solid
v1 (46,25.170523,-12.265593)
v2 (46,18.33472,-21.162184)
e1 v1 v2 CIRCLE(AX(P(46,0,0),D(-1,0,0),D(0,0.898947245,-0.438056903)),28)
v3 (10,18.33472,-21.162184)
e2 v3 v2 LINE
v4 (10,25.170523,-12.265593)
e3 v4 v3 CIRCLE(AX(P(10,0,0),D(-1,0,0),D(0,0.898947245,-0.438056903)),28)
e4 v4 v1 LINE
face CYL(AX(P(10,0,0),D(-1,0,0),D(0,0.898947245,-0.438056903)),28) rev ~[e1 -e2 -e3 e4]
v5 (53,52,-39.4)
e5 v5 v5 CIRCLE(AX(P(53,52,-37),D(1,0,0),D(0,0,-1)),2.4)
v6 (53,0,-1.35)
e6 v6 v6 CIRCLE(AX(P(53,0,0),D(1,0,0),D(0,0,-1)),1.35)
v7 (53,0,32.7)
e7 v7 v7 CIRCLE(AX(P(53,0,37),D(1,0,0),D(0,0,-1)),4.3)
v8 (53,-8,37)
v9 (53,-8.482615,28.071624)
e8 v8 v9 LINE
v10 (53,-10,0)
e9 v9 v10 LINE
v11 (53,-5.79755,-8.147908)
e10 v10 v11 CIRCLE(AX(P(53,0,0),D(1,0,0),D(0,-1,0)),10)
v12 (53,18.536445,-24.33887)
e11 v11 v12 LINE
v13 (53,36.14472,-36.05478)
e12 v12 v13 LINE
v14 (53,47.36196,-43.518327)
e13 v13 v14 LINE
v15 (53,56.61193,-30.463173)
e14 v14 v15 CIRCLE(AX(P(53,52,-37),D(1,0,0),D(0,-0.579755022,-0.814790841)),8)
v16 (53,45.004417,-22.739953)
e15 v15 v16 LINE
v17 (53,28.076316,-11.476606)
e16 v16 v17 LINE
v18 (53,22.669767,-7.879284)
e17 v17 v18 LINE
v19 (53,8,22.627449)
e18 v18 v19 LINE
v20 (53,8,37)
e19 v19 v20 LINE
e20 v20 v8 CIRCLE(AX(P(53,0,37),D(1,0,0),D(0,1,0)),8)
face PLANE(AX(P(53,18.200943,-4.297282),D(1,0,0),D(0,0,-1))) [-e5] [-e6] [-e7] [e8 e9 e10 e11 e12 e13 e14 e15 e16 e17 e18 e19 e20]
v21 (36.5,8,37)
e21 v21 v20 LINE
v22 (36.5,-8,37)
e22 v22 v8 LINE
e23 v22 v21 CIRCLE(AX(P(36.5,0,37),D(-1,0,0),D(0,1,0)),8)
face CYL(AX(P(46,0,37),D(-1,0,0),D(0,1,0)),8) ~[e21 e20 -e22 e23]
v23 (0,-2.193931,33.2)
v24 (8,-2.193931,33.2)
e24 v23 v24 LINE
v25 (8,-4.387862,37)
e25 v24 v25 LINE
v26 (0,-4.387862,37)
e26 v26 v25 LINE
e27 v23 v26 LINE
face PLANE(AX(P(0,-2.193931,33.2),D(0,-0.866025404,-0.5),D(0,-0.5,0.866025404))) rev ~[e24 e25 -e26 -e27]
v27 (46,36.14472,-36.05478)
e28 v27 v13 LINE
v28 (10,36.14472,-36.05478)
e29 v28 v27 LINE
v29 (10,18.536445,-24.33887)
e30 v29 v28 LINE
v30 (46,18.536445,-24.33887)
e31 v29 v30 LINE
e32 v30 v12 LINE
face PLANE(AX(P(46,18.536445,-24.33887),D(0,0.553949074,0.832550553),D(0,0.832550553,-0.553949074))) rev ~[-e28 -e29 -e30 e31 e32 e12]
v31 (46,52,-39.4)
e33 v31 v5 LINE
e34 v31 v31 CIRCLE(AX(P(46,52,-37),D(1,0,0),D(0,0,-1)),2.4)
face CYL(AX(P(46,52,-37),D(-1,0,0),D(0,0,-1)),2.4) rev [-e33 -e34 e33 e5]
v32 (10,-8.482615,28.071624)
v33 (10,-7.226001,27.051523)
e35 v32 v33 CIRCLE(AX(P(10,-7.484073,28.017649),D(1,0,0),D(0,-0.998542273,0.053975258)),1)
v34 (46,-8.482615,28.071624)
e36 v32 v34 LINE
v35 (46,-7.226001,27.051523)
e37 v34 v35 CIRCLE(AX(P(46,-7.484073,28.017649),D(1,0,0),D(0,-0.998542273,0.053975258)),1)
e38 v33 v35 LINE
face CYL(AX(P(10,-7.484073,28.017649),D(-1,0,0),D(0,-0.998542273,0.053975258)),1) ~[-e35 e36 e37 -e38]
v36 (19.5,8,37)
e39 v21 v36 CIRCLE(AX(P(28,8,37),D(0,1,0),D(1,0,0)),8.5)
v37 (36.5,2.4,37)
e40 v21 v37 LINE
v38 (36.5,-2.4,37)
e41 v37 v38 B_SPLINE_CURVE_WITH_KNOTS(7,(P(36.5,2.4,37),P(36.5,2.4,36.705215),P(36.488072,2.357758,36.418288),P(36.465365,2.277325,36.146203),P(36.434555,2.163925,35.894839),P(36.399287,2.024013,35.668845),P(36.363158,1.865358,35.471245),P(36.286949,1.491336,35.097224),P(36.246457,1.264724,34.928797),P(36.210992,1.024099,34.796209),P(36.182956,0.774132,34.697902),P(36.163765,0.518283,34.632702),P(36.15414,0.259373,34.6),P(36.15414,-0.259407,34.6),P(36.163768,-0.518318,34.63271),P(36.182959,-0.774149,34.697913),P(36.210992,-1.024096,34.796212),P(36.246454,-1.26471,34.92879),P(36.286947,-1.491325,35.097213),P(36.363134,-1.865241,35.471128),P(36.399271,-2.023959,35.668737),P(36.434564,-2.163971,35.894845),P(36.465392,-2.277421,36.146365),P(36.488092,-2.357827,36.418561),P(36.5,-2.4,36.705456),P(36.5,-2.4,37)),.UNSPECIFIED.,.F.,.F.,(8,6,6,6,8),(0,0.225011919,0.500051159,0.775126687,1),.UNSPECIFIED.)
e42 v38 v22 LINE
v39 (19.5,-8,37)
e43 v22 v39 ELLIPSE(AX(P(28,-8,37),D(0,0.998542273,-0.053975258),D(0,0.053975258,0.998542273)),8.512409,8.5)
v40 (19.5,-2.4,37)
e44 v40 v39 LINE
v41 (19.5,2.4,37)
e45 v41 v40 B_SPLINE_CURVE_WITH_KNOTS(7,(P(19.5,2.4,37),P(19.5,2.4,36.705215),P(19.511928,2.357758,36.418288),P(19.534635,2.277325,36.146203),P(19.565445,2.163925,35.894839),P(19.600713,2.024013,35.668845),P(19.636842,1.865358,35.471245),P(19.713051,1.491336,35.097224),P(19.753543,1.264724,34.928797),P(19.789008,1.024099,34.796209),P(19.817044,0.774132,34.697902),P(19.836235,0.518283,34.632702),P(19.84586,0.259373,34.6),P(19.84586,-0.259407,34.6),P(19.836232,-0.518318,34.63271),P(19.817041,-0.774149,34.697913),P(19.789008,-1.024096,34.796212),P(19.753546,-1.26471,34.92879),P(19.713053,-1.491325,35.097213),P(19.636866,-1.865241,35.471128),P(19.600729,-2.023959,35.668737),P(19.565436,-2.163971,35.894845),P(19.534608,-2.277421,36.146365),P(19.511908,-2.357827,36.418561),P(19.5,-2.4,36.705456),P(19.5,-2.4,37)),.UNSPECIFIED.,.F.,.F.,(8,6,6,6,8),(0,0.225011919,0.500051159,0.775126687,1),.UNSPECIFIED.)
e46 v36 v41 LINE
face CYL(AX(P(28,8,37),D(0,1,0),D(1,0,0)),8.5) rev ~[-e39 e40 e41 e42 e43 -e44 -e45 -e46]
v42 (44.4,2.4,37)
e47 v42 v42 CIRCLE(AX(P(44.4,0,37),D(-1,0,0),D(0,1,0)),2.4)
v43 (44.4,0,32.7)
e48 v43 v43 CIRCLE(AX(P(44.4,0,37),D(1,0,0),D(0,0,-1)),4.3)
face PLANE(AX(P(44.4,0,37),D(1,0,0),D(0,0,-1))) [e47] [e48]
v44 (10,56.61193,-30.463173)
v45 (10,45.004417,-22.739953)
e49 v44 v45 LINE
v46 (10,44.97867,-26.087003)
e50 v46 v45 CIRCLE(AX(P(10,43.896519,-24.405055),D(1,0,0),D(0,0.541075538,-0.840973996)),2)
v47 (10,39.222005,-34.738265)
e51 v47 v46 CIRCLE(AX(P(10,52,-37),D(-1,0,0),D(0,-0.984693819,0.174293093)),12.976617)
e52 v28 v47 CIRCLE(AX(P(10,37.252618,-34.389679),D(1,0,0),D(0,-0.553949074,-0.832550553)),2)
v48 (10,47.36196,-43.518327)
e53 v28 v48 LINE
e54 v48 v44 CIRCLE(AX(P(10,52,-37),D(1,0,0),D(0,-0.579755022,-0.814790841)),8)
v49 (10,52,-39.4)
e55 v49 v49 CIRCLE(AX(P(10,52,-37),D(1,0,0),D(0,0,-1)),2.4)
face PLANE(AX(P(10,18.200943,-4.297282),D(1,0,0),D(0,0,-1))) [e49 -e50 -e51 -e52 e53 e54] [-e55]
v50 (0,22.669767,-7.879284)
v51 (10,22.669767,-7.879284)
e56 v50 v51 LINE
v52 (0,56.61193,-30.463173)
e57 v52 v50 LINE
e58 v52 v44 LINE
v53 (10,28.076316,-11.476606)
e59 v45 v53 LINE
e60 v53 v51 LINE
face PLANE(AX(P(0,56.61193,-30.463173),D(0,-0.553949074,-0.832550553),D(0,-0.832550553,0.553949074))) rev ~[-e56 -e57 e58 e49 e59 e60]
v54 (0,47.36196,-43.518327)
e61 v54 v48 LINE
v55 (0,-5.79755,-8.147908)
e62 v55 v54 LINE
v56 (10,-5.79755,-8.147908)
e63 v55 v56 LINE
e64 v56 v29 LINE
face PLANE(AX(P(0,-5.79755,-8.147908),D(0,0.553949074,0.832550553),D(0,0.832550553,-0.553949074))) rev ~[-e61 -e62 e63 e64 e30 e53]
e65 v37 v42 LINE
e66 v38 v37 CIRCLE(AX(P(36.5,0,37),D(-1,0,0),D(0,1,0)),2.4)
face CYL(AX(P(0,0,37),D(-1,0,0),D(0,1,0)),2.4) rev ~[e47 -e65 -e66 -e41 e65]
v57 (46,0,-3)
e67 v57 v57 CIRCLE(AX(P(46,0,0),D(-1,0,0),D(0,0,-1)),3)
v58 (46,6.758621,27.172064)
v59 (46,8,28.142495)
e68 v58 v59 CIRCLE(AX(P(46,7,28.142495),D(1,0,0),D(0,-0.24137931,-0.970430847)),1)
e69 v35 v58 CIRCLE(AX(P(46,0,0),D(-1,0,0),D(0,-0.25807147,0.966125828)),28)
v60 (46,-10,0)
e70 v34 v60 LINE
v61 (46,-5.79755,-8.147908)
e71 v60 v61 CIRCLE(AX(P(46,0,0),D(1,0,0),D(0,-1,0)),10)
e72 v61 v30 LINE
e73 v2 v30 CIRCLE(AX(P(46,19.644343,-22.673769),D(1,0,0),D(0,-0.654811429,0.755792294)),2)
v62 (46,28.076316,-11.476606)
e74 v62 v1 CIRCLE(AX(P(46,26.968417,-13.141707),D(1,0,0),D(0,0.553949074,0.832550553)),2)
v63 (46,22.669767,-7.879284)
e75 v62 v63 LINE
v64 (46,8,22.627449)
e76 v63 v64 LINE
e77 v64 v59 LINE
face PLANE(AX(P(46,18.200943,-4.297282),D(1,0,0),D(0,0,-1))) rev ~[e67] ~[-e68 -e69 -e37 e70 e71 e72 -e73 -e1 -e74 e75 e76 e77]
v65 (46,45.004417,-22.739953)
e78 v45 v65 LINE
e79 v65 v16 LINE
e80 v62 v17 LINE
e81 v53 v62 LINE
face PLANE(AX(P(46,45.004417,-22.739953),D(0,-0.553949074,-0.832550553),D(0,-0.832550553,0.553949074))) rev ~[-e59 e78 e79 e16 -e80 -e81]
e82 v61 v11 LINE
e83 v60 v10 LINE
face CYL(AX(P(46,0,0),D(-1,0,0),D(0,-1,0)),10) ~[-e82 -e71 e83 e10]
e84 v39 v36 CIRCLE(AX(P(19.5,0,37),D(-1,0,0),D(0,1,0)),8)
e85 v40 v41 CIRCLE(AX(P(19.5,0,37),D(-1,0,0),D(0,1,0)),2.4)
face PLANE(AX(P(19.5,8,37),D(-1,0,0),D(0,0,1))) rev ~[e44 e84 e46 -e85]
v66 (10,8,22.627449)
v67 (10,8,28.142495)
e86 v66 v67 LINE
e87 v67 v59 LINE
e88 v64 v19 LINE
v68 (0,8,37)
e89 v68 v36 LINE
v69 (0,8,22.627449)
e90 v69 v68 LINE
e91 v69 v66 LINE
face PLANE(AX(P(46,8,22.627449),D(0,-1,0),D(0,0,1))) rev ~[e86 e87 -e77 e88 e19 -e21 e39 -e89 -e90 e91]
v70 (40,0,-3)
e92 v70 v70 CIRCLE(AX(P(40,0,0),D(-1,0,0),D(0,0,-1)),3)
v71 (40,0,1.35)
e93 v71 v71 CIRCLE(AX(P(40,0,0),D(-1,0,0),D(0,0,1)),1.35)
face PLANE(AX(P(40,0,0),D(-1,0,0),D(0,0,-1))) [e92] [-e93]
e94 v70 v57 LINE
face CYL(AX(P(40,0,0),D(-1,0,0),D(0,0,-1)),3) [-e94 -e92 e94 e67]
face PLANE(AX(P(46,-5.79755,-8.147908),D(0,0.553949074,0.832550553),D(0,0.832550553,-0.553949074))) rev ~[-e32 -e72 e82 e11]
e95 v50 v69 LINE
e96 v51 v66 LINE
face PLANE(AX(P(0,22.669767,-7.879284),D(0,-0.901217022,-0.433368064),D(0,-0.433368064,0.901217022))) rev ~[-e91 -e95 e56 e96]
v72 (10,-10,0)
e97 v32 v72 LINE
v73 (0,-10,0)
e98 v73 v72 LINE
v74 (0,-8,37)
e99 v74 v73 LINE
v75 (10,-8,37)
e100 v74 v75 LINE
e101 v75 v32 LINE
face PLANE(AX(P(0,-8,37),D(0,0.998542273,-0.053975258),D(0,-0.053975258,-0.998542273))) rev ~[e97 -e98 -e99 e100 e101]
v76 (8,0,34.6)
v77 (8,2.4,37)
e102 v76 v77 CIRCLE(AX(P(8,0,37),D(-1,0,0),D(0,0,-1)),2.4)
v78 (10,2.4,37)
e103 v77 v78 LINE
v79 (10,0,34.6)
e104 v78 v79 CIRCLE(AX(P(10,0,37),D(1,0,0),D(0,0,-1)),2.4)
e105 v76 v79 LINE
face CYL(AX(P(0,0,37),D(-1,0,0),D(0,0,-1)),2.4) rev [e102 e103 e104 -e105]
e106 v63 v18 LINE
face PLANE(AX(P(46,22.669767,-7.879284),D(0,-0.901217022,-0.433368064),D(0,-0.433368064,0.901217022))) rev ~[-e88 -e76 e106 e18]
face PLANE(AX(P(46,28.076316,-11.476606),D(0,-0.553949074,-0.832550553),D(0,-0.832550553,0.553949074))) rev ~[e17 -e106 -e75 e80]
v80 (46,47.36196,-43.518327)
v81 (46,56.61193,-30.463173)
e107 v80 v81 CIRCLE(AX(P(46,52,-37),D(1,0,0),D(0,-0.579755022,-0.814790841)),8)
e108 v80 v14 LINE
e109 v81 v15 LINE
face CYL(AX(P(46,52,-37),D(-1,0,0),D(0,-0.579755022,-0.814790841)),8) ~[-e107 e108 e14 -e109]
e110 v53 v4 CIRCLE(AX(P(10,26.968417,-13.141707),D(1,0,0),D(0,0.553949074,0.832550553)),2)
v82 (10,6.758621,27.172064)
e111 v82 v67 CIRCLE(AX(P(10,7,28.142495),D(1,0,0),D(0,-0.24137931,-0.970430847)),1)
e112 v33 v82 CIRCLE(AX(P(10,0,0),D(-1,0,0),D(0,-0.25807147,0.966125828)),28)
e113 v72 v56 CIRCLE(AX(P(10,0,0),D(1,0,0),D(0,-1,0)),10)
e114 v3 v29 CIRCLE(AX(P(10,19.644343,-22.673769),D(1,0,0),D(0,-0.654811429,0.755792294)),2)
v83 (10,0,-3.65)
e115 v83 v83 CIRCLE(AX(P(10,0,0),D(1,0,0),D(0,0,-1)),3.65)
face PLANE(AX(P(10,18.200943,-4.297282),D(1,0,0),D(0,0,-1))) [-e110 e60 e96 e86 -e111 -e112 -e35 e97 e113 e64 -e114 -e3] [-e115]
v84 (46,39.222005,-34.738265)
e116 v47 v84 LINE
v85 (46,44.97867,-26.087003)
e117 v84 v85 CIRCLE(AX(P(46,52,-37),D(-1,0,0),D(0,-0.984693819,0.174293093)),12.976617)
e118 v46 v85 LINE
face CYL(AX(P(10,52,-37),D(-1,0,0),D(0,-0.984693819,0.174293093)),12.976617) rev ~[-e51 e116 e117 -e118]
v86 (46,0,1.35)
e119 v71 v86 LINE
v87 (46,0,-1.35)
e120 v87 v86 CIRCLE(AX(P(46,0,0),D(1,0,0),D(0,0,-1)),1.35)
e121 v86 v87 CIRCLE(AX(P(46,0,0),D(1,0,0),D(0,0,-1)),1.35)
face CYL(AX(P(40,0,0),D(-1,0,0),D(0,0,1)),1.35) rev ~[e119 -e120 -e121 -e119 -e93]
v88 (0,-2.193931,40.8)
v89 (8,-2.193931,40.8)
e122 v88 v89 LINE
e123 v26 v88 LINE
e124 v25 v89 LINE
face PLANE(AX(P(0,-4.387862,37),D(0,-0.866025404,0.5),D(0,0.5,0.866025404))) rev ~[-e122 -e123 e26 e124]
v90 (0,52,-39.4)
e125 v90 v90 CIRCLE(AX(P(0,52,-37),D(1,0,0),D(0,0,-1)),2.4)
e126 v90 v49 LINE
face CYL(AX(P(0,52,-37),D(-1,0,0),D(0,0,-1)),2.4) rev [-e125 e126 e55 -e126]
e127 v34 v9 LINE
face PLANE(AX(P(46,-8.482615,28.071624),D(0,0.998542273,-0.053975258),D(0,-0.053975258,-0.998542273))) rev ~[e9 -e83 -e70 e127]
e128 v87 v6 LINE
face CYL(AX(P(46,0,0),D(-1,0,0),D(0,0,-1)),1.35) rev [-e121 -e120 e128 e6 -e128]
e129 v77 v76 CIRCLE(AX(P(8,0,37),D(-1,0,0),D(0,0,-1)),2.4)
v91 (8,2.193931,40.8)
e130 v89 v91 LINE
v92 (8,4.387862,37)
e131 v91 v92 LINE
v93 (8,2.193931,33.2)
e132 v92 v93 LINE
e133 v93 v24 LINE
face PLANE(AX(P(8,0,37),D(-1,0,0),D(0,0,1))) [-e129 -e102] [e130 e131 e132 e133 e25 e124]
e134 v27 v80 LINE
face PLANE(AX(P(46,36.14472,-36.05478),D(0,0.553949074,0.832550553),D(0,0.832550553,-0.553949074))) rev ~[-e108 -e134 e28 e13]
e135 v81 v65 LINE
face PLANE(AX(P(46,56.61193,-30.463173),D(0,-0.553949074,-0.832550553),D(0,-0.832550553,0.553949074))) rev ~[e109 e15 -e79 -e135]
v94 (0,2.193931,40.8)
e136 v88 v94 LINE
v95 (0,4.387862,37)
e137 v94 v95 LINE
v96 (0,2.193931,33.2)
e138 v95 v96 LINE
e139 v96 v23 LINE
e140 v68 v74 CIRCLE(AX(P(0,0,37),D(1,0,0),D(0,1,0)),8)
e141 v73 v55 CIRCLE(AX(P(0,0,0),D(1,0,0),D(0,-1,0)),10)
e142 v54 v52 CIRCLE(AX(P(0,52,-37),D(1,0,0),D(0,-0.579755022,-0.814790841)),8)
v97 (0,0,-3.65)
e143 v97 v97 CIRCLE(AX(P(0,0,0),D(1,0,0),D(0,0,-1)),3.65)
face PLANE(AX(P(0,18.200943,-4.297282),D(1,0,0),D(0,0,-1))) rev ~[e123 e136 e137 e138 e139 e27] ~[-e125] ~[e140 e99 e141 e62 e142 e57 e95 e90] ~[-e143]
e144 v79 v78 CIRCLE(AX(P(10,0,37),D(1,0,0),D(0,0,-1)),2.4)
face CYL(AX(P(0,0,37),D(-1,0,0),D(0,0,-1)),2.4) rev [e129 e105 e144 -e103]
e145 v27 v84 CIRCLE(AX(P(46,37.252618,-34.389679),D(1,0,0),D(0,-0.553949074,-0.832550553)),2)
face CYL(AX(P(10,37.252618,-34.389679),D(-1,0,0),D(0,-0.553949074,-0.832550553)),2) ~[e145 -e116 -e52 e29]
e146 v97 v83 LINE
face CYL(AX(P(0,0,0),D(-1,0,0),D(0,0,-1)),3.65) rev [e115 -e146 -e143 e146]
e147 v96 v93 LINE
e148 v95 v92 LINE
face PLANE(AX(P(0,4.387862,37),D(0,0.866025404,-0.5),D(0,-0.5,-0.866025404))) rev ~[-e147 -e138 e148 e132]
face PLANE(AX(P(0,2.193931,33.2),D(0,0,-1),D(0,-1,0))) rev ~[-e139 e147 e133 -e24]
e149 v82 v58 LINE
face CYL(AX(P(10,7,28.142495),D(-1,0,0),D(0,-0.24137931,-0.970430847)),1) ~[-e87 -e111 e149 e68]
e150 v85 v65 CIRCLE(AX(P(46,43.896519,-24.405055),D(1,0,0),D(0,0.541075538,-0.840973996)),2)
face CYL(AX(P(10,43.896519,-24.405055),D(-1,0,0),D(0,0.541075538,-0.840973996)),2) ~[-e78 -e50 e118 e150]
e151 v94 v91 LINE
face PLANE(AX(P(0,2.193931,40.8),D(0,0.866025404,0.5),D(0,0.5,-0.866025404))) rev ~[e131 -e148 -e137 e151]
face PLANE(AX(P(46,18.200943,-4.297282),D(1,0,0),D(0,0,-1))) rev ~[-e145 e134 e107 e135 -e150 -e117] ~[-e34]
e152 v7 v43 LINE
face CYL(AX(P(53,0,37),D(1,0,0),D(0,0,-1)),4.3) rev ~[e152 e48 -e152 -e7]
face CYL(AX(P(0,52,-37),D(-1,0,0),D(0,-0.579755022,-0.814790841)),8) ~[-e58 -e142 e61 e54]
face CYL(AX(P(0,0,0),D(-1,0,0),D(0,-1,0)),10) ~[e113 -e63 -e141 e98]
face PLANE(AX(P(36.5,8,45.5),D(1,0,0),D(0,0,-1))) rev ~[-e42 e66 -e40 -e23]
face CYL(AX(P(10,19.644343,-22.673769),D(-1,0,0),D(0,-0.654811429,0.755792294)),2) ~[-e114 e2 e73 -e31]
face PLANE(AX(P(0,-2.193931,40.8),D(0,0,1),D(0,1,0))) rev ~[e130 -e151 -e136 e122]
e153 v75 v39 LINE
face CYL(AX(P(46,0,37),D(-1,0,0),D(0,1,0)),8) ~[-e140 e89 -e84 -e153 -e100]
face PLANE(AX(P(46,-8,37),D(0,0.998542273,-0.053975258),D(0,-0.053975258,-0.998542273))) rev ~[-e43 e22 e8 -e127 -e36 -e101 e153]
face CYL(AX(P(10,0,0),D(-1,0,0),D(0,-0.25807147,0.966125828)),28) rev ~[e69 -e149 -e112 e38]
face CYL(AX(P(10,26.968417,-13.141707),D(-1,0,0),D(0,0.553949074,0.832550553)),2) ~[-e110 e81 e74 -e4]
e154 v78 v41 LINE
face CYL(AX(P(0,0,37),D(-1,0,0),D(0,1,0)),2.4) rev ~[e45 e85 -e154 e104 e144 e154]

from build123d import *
from build123d.topology import SkipClean

# Parameters (mm, degrees)
SKETCH19_R           = 2.4
SKETCH19_R_2         = 3.65
BASE_DEPTH           = 10
CONNECTOR_DEPTH      = 36
SKETCH21_R           = 2.4
SKETCH21_R_2         = 1.35
THINPLATE_DEPTH      = 7
SPACER_START         = 6
SKETCH22_R           = 3
SKETCH22_R_2         = 1.35
SPACER_DEPTH         = 6
SHOCKHOLE_DEPTH      = 87.821656285
SKETCH25_R           = 2.4
SHOCKSCREWHOLE_DEPTH = 92.836811791
SKETCH26_R           = 4.3
BOLTMOUNT_DEPTH      = 8.6
NUTMOUNT_DEPTH       = 8


with BuildPart() as part:
    # Sketch19 → Base (new body)
    with BuildSketch(Plane(origin=(0, 0, 0), x_dir=(0, 0, -1), z_dir=(1, 0, 0))):
        with BuildLine():
            Line((-37, -8), (0, -10))
            ThreePointArc((0, -10), (4.583911967, -8.887505335), (8.147908412, -5.797550216))
            Line((8.147908412, -5.797550216), (43.51832673, 47.361959827))
            ThreePointArc((43.51832673, 47.361959827), (41.624994171, 58.527589824), (30.463173191, 56.611929669))
            Line((30.463173191, 56.611929669), (7.879284036, 22.669767278))
            Line((7.879284036, 22.669767278), (-22.627449378, 8))
            Line((-22.627449378, 8), (-37, 8))
            ThreePointArc((-37, 8), (-45, 0), (-37, -8))
        make_face()
        with Locations((37, 52)):
            Circle(SKETCH19_R, mode=Mode.SUBTRACT)
        Circle(SKETCH19_R_2, mode=Mode.SUBTRACT)
        with Locations((-37, 0)):
            Circle(SKETCH19_R, mode=Mode.SUBTRACT)
    extrude(amount=BASE_DEPTH)

    # Sketch20 → Connector (add)
    with BuildSketch(Plane(origin=(10, 0, 0), x_dir=(0, 0, -1), z_dir=(1, 0, 0))):
        with BuildLine():
            Line((22.739953466, 45.004417061), (11.476605987, 28.076315503))
            ThreePointArc((11.476605987, 28.076315503), (11.211590252, 26.444347724), (12.265593287, 25.170522865))
            ThreePointArc((12.265593287, 25.170522865), (17.059780993, 22.202789746), (21.162184229, 18.334720032))
            ThreePointArc((21.162184229, 18.334720032), (22.800516777, 17.648363193), (24.338869924, 18.536444744))
            Line((24.338869924, 18.536444744), (36.054780209, 36.144719684))
            ThreePointArc((36.054780209, 36.144719684), (36.228471119, 38.039284164), (34.738265288, 39.22200547))
            ThreePointArc((34.738265288, 39.22200547), (29.8112457, 41.196556117), (26.087002565, 44.97866999))
            ThreePointArc((26.087002565, 44.97866999), (24.420439055, 45.896459743), (22.739953466, 45.004417061))
        make_face()
        with BuildLine():
            Line((-28.142494559, 8), (-37, 8))
            ThreePointArc((-37, 8), (-45, 0), (-37, -8))
            Line((-37, -8), (-28.071624283, -8.482614904))
            ThreePointArc((-28.071624283, -8.482614904), (-27.241263688, -8.114331156), (-27.051523196, -7.22600116))
            ThreePointArc((-27.051523196, -7.22600116), (-27.998959916, -0.241337171), (-27.172063712, 6.75862069))
            ThreePointArc((-27.172063712, 6.75862069), (-27.354655962, 7.615881762), (-28.142494559, 8))
        make_face()
    extrude(amount=CONNECTOR_DEPTH)

    # Sketch21 → ThinPlate (add)
    with BuildSketch(Plane(origin=(46, 0, 0), x_dir=(0, 0, -1), z_dir=(1, 0, 0))):
        with BuildLine():
            Line((-22.627449378, 8), (-28.142494559, 8))
            Line((-28.142494559, 8), (-37, 8))
            ThreePointArc((-37, 8), (-45, 0), (-37, -8))
            Line((-37, -8), (-28.071624283, -8.482614904))
            Line((-28.071624283, -8.482614904), (0, -10))
            ThreePointArc((0, -10), (4.583911967, -8.887505335), (8.147908412, -5.797550216))
            Line((8.147908412, -5.797550216), (24.338869924, 18.536444744))
            Line((24.338869924, 18.536444744), (36.054780209, 36.144719684))
            Line((36.054780209, 36.144719684), (43.51832673, 47.361959827))
            ThreePointArc((43.51832673, 47.361959827), (41.624994171, 58.527589824), (30.463173191, 56.611929669))
            Line((30.463173191, 56.611929669), (22.739953466, 45.004417061))
            Line((22.739953466, 45.004417061), (11.476605987, 28.076315503))
            Line((11.476605987, 28.076315503), (7.879284036, 22.669767278))
            Line((7.879284036, 22.669767278), (-22.627449378, 8))
        make_face()
        with Locations((37, 52)):
            Circle(SKETCH21_R, mode=Mode.SUBTRACT)
        with Locations((-37, 0)):
            Circle(SKETCH21_R, mode=Mode.SUBTRACT)
        Circle(SKETCH21_R_2, mode=Mode.SUBTRACT)
    extrude(amount=THINPLATE_DEPTH)

    # Sketch22 → Spacer (add)
    with SkipClean():  # the faces are left unmerged after this step: merging them gives an invalid solid
        with BuildSketch(Plane.ZY.offset(-46).offset(SPACER_START)):
            with Locations(Location((0, 0, 0), (0, 0, 180))):
                Circle(SKETCH22_R)
            Circle(SKETCH22_R_2, mode=Mode.SUBTRACT)
        extrude(amount=-SPACER_DEPTH)

    # Sketch23 → ShockHole (cut, through all)
    with SkipClean():  # the faces are left unmerged after this step: merging them gives an invalid solid
        with BuildSketch(Plane(origin=(0, 8, 0), x_dir=(1, 0, 0), z_dir=(0, 1, 0))):
            with BuildLine():
                Line((19.5, -37), (19.5, -45.5))
                Line((19.5, -45.5), (36.5, -45.5))
                Line((36.5, -45.5), (36.5, -37))
                ThreePointArc((36.5, -37), (28, -28.5), (19.5, -37))
            make_face()
        extrude(amount=-SHOCKHOLE_DEPTH, mode=Mode.SUBTRACT)

    # Sketch25 → ShockScrewHole (cut, through all)
    with BuildSketch(Plane.ZY):
        with Locations(Location((37, 0, 0), (0, 0, 90))):
            Circle(SKETCH25_R)
    extrude(amount=-SHOCKSCREWHOLE_DEPTH, mode=Mode.SUBTRACT)

    # Sketch26 → BoltMount (cut)
    with SkipClean():  # the faces are left unmerged after this step: merging them gives an invalid solid
        with BuildSketch(Plane(origin=(53, 0, 0), x_dir=(0, 0, -1), z_dir=(1, 0, 0))):
            with Locations((-37, 0)):
                Circle(SKETCH26_R)
        extrude(amount=-BOLTMOUNT_DEPTH, mode=Mode.SUBTRACT)

    # Sketch27 → NutMount (cut)
    with SkipClean():  # the faces are left unmerged after this step: merging them gives an invalid solid
        with BuildSketch(Plane.ZY):
            Polygon((37, -4.387862046), (40.8, -2.193931023), (40.8, 2.193931023), (37, 4.387862046), (33.2, 2.193931023), (33.2, -2.193931023), align=None)
        extrude(amount=-NUTMOUNT_DEPTH, mode=Mode.SUBTRACT)


solid = part.part
